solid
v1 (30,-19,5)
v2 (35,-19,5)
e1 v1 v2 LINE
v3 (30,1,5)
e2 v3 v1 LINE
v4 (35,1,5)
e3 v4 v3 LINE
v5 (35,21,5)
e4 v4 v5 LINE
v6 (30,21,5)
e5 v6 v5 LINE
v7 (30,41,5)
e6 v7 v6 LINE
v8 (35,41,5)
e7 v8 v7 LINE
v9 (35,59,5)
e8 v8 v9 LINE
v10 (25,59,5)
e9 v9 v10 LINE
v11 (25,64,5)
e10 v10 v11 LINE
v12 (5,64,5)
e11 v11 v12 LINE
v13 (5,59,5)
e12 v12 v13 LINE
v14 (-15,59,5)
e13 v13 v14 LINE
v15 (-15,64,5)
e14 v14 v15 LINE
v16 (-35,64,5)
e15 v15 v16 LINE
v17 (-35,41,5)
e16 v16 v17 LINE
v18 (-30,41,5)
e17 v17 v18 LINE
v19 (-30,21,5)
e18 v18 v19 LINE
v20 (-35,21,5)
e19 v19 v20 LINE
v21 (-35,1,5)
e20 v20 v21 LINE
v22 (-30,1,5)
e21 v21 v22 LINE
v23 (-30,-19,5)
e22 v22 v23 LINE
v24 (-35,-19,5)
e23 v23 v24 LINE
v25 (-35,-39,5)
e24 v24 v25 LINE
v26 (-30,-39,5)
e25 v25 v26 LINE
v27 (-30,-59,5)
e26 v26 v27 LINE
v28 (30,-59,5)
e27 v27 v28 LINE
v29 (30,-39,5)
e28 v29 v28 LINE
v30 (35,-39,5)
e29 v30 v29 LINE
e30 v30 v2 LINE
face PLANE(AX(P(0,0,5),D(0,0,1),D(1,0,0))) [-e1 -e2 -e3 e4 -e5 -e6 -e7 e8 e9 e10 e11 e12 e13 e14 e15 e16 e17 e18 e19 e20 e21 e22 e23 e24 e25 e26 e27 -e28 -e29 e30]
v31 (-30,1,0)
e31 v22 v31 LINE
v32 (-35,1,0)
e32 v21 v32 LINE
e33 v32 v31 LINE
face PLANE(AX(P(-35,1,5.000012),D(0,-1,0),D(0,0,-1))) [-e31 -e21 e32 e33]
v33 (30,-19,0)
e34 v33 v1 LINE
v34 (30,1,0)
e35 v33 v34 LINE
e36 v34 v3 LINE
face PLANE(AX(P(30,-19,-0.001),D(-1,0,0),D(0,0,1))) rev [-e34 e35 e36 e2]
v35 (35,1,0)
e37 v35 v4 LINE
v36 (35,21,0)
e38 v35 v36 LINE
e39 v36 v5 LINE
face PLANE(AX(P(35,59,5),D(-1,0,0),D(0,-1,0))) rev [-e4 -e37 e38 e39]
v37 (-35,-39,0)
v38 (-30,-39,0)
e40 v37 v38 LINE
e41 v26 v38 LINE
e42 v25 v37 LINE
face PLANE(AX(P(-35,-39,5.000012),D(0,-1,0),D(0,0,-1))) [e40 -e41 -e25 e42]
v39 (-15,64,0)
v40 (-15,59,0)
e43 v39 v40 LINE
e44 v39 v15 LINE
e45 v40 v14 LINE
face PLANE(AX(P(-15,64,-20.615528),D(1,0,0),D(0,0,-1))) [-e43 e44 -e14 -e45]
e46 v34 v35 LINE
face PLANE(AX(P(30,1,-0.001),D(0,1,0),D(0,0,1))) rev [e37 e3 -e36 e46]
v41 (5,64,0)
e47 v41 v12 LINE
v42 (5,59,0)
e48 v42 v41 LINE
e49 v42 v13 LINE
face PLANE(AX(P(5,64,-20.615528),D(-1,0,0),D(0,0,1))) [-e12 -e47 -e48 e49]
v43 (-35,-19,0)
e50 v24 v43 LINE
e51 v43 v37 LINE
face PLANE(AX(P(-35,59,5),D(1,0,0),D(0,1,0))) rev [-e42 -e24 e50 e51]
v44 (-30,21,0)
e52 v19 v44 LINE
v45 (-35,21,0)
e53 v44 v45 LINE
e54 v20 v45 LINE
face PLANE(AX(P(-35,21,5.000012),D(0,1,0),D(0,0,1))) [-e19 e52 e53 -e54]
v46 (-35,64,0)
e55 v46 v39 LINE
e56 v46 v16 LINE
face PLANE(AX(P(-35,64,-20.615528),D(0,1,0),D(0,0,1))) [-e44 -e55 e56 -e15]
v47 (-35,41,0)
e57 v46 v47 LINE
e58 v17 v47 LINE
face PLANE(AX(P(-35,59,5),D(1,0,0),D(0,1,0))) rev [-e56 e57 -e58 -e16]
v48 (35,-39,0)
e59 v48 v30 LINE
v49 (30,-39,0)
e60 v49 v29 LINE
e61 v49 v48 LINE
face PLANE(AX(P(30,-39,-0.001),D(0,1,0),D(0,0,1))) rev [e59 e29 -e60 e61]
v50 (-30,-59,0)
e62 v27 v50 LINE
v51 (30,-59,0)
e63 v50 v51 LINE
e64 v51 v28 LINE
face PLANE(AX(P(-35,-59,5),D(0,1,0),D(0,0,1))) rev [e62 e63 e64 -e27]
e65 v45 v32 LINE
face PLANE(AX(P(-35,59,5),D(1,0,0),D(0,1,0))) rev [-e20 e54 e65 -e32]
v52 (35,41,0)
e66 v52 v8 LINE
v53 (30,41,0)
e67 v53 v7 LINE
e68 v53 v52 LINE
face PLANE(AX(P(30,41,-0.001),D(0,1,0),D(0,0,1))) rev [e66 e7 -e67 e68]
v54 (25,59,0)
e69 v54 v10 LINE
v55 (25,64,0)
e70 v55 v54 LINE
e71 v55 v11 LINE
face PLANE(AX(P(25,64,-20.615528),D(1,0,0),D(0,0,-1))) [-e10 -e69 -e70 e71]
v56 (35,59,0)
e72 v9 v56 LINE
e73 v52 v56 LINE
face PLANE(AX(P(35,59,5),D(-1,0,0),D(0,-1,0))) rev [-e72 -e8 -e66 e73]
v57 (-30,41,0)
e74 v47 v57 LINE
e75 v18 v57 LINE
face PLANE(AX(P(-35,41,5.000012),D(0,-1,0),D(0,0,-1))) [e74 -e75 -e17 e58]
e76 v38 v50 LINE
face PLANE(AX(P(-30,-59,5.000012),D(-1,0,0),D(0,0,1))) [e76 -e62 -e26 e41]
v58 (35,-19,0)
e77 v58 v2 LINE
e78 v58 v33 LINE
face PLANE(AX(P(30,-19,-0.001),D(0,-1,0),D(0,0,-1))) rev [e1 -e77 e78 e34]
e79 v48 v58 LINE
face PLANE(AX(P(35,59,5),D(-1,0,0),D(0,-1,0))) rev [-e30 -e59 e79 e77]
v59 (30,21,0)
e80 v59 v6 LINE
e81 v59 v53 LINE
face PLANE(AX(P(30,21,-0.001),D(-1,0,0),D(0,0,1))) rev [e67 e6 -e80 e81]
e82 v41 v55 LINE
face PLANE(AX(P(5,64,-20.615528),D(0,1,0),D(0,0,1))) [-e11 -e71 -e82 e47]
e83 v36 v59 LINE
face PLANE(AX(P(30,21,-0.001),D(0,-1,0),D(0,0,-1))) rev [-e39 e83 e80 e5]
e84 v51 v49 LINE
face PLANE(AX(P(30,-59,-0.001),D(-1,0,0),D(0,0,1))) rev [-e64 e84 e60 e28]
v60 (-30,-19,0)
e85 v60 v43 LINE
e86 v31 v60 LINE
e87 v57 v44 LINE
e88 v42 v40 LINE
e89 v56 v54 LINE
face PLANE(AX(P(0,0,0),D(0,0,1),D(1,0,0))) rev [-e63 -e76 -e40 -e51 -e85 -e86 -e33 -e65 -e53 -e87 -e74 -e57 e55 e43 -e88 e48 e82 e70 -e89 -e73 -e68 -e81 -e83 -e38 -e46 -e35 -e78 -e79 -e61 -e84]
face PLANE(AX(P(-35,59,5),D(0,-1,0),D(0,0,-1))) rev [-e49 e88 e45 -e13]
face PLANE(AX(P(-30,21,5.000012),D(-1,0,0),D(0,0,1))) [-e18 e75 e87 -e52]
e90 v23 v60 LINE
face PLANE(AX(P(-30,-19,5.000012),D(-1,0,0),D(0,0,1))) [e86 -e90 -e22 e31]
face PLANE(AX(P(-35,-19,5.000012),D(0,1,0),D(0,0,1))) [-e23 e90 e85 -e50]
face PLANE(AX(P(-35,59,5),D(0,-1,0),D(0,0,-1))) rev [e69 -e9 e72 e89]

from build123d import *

# Parameters (mm, degrees)
SKETCH_1_W                      = 70
SKETCH_1_H                      = 118
EXTRUDE_1_DEPTH                 = 5
CUT_EXTRUDE_1_REACH             = 70.782
SKETCH_2_W                      = 5
SKETCH_2_H                      = 20
CUT_EXTRUDE_1_DIRECTION_2_DEPTH = 69.782265156
PATTERN_LINEAR_1_COUNT          = 3
PATTERN_LINEAR_1_PITCH          = 40
CUT_EXTRUDE_3_REACH             = 70.782
SKETCH_4_W                      = 5
SKETCH_4_H                      = 20
PATTERN_LINEAR_4_COUNT          = 3
PATTERN_LINEAR_4_PITCH          = 40
SKETCH_3_W                      = 20
SKETCH_3_H                      = 5
EXTRUDE_2_DEPTH                 = 5
PATTERN_LINEAR_5_COUNT          = 2
PATTERN_LINEAR_5_PITCH          = 40


with BuildPart() as part:
    # 스케치1 → 보스-돌출1 (new body)
    with BuildSketch(Plane.XY):
        Rectangle(SKETCH_1_W, SKETCH_1_H)
    extrude(amount=EXTRUDE_1_DEPTH)

    # 스케치2 → 컷-돌출1 (cut, up to next)
    with BuildSketch(Plane.XY.offset(5), mode=Mode.PRIVATE) as cut_extrude_1_sk1:
        with Locations((-32.5, -49)):
            Rectangle(SKETCH_2_W, SKETCH_2_H)
    cut_extrude_1_tool1 = extrude(cut_extrude_1_sk1.sketch, amount=-CUT_EXTRUDE_1_REACH, mode=Mode.PRIVATE) & part.part
    cut_extrude_1 = cut_extrude_1_tool1.solids().sort_by_distance((-32.5, -49, 5))[0]
    add(cut_extrude_1, mode=Mode.SUBTRACT)

    # 스케치2 → 컷-돌출1 direction 2 (cut)
    with BuildSketch(Plane.XY.offset(5)):
        with Locations((-32.5, -49)):
            Rectangle(SKETCH_2_W, SKETCH_2_H)
    cut_extrude_1_direction_2 = extrude(amount=CUT_EXTRUDE_1_DIRECTION_2_DEPTH, mode=Mode.SUBTRACT)

    # 선형 패턴1: 컷-돌출1, 컷-돌출1 direction 2 ×3
    with Locations(*[(0, i * PATTERN_LINEAR_1_PITCH, 0) for i in range(1, PATTERN_LINEAR_1_COUNT)]):
        add(cut_extrude_1, mode=Mode.SUBTRACT)
        add(cut_extrude_1_direction_2, mode=Mode.SUBTRACT)

    # 스케치4 → 컷-돌출3 (cut, up to next)
    with BuildSketch(Plane.XY.offset(5), mode=Mode.PRIVATE) as cut_extrude_3_sk1:
        with Locations((32.5, -49)):
            Rectangle(SKETCH_4_W, SKETCH_4_H)
    cut_extrude_3_tool1 = extrude(cut_extrude_3_sk1.sketch, amount=-CUT_EXTRUDE_3_REACH, mode=Mode.PRIVATE) & part.part
    cut_extrude_3 = cut_extrude_3_tool1.solids().sort_by_distance((32.5, -49, 5))[0]
    add(cut_extrude_3, mode=Mode.SUBTRACT)

    # 선형 패턴4: 컷-돌출3 ×3
    with Locations(*[(0, i * PATTERN_LINEAR_4_PITCH, 0) for i in range(1, PATTERN_LINEAR_4_COUNT)]):
        add(cut_extrude_3, mode=Mode.SUBTRACT)

    # 스케치3 → 보스-돌출2 (add)
    with BuildSketch(Plane.XY.offset(5)):
        with Locations((-25, 61.5)):
            Rectangle(SKETCH_3_W, SKETCH_3_H)
    extrude_2 = extrude(amount=-EXTRUDE_2_DEPTH)

    # 선형 패턴5: 보스-돌출2 ×2
    with Locations(*[(i * PATTERN_LINEAR_5_PITCH, 0, 0) for i in range(1, PATTERN_LINEAR_5_COUNT)]):
        add(extrude_2)


solid = part.part
